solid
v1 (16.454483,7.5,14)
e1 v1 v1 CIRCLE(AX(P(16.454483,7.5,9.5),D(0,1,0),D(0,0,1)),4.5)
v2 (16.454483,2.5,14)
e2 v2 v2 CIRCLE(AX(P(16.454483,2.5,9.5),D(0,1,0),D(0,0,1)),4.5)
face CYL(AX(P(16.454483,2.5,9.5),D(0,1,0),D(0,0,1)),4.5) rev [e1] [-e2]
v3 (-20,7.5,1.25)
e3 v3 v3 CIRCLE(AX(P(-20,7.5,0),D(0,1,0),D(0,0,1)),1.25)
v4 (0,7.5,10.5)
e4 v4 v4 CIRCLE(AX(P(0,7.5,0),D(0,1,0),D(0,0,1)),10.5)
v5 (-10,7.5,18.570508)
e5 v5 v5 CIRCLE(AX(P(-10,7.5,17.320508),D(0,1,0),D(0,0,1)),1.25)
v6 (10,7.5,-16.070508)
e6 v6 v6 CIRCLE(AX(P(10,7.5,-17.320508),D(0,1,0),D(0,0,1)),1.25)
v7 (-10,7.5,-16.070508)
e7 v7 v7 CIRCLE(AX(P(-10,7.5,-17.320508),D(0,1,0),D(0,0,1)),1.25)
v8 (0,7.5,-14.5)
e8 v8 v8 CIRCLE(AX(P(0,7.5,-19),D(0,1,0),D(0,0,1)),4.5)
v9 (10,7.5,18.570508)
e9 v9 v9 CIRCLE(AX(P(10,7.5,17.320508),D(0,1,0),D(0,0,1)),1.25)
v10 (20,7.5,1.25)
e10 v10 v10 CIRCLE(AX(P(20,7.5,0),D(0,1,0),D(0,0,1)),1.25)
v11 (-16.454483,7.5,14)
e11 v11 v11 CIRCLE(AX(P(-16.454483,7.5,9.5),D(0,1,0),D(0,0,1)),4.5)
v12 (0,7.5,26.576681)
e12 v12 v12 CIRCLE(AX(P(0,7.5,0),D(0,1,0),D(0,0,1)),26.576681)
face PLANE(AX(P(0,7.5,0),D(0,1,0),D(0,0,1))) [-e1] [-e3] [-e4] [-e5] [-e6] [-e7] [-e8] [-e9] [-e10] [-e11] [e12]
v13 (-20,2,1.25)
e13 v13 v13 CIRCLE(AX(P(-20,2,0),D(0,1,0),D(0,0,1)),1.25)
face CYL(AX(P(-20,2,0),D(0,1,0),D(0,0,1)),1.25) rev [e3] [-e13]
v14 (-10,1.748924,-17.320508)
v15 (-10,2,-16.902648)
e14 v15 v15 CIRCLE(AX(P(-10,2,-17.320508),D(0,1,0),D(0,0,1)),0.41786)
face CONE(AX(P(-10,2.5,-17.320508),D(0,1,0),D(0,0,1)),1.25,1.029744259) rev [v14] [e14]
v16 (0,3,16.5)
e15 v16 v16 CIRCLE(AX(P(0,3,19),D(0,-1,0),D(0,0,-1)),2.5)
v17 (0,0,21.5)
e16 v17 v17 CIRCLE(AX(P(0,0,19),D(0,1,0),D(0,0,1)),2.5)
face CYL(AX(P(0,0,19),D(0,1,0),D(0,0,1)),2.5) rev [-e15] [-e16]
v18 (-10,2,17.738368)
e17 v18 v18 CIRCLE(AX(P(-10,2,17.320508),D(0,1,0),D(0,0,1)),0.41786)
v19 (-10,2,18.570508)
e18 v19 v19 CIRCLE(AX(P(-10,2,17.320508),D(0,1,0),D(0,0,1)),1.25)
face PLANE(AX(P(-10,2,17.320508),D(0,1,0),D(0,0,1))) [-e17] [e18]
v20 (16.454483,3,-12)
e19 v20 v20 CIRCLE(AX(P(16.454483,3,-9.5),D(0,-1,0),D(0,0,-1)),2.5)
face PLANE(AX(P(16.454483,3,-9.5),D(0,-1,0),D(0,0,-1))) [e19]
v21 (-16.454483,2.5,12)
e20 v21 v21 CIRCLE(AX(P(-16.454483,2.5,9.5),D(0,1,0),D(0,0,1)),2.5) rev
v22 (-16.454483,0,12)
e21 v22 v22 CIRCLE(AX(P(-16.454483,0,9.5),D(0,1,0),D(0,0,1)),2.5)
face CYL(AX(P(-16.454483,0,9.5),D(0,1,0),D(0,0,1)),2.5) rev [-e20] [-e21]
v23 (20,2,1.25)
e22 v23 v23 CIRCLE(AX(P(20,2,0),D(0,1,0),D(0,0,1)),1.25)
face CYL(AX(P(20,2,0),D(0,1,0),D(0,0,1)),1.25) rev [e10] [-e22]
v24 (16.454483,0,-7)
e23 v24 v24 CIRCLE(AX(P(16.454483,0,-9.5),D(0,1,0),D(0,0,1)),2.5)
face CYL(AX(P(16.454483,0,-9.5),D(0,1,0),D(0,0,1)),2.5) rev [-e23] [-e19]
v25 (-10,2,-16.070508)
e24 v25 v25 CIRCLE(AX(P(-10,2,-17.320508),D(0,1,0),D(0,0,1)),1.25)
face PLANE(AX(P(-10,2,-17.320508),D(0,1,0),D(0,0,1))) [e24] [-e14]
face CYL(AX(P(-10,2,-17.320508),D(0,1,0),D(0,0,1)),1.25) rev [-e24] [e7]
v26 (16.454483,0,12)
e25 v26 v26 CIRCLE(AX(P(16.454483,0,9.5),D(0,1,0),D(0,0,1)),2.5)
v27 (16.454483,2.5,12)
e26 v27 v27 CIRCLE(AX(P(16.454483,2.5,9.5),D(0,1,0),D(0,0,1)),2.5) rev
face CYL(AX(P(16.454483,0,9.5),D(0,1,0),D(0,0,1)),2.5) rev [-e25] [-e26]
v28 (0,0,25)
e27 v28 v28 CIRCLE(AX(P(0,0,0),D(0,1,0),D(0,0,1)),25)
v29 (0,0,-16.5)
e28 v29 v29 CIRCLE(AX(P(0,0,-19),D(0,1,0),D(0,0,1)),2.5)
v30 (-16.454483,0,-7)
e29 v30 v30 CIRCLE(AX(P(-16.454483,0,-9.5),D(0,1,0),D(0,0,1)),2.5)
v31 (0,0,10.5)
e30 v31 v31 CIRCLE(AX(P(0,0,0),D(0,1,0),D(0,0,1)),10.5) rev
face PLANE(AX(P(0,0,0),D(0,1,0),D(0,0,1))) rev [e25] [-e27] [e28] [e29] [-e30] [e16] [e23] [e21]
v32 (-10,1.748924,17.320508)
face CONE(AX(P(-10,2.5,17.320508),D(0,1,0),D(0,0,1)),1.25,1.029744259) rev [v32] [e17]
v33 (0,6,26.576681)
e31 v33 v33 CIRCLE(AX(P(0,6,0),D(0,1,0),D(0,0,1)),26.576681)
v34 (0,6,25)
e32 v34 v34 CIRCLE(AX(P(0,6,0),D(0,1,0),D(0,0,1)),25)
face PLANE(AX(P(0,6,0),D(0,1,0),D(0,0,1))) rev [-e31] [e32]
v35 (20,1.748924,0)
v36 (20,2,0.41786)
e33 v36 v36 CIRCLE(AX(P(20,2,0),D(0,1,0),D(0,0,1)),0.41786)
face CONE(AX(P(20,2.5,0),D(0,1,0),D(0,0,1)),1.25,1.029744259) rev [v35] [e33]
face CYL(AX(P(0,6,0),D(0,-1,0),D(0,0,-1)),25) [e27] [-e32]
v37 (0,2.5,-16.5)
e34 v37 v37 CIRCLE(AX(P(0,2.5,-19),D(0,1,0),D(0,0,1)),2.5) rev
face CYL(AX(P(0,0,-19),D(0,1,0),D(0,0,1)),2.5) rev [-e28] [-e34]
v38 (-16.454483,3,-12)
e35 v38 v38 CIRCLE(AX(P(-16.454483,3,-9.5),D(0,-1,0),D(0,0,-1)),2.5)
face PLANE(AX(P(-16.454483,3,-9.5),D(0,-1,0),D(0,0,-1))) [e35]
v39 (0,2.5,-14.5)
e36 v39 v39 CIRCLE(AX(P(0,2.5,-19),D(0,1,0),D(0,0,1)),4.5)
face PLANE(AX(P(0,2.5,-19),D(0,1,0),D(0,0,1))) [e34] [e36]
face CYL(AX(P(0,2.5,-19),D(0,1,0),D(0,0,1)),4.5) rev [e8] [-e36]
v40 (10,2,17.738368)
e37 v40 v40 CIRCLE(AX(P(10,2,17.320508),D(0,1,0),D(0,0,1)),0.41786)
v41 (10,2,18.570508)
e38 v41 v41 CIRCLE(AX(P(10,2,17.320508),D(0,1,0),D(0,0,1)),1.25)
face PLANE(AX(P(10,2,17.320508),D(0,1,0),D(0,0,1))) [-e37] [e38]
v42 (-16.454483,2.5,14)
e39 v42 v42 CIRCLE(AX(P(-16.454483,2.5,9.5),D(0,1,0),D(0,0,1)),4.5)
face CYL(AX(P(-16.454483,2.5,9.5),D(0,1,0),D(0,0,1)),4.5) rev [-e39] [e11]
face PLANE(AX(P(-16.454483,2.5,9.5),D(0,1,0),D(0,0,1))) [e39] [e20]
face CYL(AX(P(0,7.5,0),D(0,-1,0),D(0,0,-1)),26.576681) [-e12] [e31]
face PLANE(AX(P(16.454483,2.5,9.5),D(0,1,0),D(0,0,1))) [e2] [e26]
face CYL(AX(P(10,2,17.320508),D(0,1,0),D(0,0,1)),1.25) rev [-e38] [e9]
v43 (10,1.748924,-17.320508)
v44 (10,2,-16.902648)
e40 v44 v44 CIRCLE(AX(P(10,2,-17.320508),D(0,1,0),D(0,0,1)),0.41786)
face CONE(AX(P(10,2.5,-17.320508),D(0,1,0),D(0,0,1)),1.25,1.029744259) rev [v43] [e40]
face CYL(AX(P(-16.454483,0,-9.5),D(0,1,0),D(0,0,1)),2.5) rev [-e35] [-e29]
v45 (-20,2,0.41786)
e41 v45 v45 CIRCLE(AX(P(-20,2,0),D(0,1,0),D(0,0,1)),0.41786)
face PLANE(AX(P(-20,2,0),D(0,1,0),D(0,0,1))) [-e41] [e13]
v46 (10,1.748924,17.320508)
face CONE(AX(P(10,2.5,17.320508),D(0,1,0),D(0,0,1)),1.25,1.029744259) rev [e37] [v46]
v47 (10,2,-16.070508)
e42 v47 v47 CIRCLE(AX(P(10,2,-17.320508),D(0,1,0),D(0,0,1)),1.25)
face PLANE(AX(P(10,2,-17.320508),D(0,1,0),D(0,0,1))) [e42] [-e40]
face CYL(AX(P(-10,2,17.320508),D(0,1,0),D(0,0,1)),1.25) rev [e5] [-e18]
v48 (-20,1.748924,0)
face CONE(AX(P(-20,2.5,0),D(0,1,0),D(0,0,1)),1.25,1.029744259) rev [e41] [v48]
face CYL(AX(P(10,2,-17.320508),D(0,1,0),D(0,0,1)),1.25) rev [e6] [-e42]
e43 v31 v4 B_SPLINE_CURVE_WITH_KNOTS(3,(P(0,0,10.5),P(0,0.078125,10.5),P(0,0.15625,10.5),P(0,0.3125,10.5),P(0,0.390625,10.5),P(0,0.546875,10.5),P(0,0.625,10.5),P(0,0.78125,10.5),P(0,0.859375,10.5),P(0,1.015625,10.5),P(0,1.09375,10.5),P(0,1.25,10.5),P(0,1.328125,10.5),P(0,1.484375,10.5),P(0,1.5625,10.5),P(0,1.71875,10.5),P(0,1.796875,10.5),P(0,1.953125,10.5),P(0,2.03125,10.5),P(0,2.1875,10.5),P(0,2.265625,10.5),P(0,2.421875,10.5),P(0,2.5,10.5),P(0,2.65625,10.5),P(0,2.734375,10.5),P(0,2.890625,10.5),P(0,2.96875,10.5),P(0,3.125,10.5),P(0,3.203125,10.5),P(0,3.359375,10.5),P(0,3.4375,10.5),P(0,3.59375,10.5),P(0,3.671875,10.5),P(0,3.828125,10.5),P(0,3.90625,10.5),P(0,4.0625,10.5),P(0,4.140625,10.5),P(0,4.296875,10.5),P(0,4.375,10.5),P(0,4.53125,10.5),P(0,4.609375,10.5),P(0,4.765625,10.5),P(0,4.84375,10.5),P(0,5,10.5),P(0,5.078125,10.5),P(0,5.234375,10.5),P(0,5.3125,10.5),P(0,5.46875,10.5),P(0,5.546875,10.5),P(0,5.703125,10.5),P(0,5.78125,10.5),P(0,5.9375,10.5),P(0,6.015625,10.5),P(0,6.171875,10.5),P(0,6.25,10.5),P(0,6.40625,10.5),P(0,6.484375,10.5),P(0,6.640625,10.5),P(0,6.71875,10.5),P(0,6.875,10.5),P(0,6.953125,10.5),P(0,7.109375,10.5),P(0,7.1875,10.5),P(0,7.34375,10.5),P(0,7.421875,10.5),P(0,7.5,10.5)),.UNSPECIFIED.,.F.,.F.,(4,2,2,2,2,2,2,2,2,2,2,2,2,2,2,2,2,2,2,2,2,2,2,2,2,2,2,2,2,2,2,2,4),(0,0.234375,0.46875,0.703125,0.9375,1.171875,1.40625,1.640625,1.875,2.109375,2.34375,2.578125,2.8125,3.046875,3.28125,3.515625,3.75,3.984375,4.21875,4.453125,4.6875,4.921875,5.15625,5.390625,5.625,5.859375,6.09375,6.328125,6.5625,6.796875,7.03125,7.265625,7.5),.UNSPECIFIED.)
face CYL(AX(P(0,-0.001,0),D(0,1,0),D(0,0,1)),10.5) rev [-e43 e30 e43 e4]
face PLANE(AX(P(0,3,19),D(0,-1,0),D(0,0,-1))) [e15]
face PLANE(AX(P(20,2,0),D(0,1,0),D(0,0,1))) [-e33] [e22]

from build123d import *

# Parameters (mm, degrees)
SKETCH1_R                 = 25
BOSS_EXTRUDE1_DEPTH       = 6
CUT_EXTRUDE1_REACH        = 37.861
SKETCH2_R                 = 10.5
SKETCH3_R                 = 2.5
CUT_EXTRUDE2_DEPTH        = 36.860842154
SKETCH5_R                 = 1.25
CUT_EXTRUDE3_DEPTH        = 4
BOSS_EXTRUDE2_START       = 1.5
SKETCH6_R                 = 26.576681464
SKETCH6_R_2               = 10.5
SKETCH6_R_3               = 1.25
BOSS_EXTRUDE2_DEPTH       = 1.5
SKETCH7_R                 = 4.5
CUT_EXTRUDE4_DEPTH        = 5
SKETCH8_R                 = 2.5
BOSS_EXTRUDE3_DEPTH       = 3
M3X0_5_TAPPED_HOLE1_D     = 2.5
M3X0_5_TAPPED_HOLE1_DEPTH = 5
M3X0_5_TAPPED_HOLE1_TIP   = 0.751075774


with BuildPart() as part:
    # Sketch1 → Boss-Extrude1 (new body)
    with BuildSketch(Plane(origin=(0, 0, 0), x_dir=(1, 0, 0), z_dir=(0, 1, 0))):
        Circle(SKETCH1_R)
    extrude(amount=BOSS_EXTRUDE1_DEPTH)

    # Sketch2 → Cut-Extrude1 (cut, up to next)
    with BuildSketch(Plane(origin=(0, 6, 0), x_dir=(1, 0, 0), z_dir=(0, 1, 0)), mode=Mode.PRIVATE) as cut_extrude1_sk1:
        Circle(SKETCH2_R)
    cut_extrude1_tool1 = extrude(cut_extrude1_sk1.sketch, amount=-CUT_EXTRUDE1_REACH, mode=Mode.PRIVATE) & part.part
    add(cut_extrude1_tool1.solids().sort_by_distance((0, 6, 0))[0], mode=Mode.SUBTRACT)

    # Sketch3 → Cut-Extrude2 (cut, through all)
    with BuildSketch(Plane(origin=(0, 6, 0), x_dir=(1, 0, 0), z_dir=(0, 1, 0))):
        with Locations((0, 19)):
            Circle(SKETCH3_R)
        with Locations((16.454482672, 9.5)):
            Circle(SKETCH3_R)
        with Locations((16.454482672, -9.5)):
            Circle(SKETCH3_R)
        with Locations((0, -19)):
            Circle(SKETCH3_R)
        with Locations((-16.454482672, -9.5)):
            Circle(SKETCH3_R)
        with Locations((-16.454482672, 9.5)):
            Circle(SKETCH3_R)
    extrude(amount=-CUT_EXTRUDE2_DEPTH, mode=Mode.SUBTRACT)

    # Sketch5 → Cut-Extrude3 (cut)
    with BuildSketch(Plane(origin=(0, 6, 0), x_dir=(1, 0, 0), z_dir=(0, 1, 0))):
        with Locations((20, 0)):
            Circle(SKETCH5_R)
        with Locations((10, -17.320508076)):
            Circle(SKETCH5_R)
        with Locations((-10, -17.320508076)):
            Circle(SKETCH5_R)
        with Locations((-20, 0)):
            Circle(SKETCH5_R)
        with Locations((-10, 17.320508076)):
            Circle(SKETCH5_R)
        with Locations((10, 17.320508076)):
            Circle(SKETCH5_R)
    extrude(amount=-CUT_EXTRUDE3_DEPTH, mode=Mode.SUBTRACT)

    # Sketch6 → Boss-Extrude2 (add)
    with BuildSketch(Plane(origin=(0, 6, 0), x_dir=(1, 0, 0), z_dir=(0, 1, 0)).offset(BOSS_EXTRUDE2_START)):
        Circle(SKETCH6_R)
        Circle(SKETCH6_R_2, mode=Mode.SUBTRACT)
        with Locations((10, -17.320508076)):
            Circle(SKETCH6_R_3, mode=Mode.SUBTRACT)
        with Locations((-10, -17.320508076)):
            Circle(SKETCH6_R_3, mode=Mode.SUBTRACT)
        with Locations((-20, 0)):
            Circle(SKETCH6_R_3, mode=Mode.SUBTRACT)
        with Locations((-10, 17.320508076)):
            Circle(SKETCH6_R_3, mode=Mode.SUBTRACT)
        with Locations((10, 17.320508076)):
            Circle(SKETCH6_R_3, mode=Mode.SUBTRACT)
        with Locations((20, 0)):
            Circle(SKETCH6_R_3, mode=Mode.SUBTRACT)
    extrude(amount=-BOSS_EXTRUDE2_DEPTH)

    # Sketch7 → Cut-Extrude4 (cut)
    with BuildSketch(Plane(origin=(0, 7.5, 0), x_dir=(1, 0, 0), z_dir=(0, 1, 0))):
        with Locations((16.454482672, -9.5)):
            Circle(SKETCH7_R)
        with Locations((-16.454482672, -9.5)):
            Circle(SKETCH7_R)
        with Locations((0, 19)):
            Circle(SKETCH7_R)
    extrude(amount=-CUT_EXTRUDE4_DEPTH, mode=Mode.SUBTRACT)

    # Sketch8 → Boss-Extrude3 (add)
    with BuildSketch(Plane.XZ.offset(-6)):
        with Locations((0, 19)):
            Circle(SKETCH8_R)
        with Locations((16.454482672, -9.5)):
            Circle(SKETCH8_R)
        with Locations((-16.454482672, -9.5)):
            Circle(SKETCH8_R)
    extrude(amount=BOSS_EXTRUDE3_DEPTH)

    # M3x0.5 Tapped Hole1
    with Locations(Plane(origin=(0, 7.5, 0), x_dir=(1, 0, 0), z_dir=(0, 1, 0))):
        with Locations((-10, 17.320508076), (-20, 0), (-10, -17.320508076), (10, 17.320508076), (20, 0), (10, -17.320508076)):
            Hole(M3X0_5_TAPPED_HOLE1_D / 2, depth=M3X0_5_TAPPED_HOLE1_DEPTH)
            with Locations((0, 0, -(M3X0_5_TAPPED_HOLE1_DEPTH + M3X0_5_TAPPED_HOLE1_TIP / 2))):  # 118° drill point
                Cone(0, M3X0_5_TAPPED_HOLE1_D / 2, M3X0_5_TAPPED_HOLE1_TIP, mode=Mode.SUBTRACT)


solid = part.part
